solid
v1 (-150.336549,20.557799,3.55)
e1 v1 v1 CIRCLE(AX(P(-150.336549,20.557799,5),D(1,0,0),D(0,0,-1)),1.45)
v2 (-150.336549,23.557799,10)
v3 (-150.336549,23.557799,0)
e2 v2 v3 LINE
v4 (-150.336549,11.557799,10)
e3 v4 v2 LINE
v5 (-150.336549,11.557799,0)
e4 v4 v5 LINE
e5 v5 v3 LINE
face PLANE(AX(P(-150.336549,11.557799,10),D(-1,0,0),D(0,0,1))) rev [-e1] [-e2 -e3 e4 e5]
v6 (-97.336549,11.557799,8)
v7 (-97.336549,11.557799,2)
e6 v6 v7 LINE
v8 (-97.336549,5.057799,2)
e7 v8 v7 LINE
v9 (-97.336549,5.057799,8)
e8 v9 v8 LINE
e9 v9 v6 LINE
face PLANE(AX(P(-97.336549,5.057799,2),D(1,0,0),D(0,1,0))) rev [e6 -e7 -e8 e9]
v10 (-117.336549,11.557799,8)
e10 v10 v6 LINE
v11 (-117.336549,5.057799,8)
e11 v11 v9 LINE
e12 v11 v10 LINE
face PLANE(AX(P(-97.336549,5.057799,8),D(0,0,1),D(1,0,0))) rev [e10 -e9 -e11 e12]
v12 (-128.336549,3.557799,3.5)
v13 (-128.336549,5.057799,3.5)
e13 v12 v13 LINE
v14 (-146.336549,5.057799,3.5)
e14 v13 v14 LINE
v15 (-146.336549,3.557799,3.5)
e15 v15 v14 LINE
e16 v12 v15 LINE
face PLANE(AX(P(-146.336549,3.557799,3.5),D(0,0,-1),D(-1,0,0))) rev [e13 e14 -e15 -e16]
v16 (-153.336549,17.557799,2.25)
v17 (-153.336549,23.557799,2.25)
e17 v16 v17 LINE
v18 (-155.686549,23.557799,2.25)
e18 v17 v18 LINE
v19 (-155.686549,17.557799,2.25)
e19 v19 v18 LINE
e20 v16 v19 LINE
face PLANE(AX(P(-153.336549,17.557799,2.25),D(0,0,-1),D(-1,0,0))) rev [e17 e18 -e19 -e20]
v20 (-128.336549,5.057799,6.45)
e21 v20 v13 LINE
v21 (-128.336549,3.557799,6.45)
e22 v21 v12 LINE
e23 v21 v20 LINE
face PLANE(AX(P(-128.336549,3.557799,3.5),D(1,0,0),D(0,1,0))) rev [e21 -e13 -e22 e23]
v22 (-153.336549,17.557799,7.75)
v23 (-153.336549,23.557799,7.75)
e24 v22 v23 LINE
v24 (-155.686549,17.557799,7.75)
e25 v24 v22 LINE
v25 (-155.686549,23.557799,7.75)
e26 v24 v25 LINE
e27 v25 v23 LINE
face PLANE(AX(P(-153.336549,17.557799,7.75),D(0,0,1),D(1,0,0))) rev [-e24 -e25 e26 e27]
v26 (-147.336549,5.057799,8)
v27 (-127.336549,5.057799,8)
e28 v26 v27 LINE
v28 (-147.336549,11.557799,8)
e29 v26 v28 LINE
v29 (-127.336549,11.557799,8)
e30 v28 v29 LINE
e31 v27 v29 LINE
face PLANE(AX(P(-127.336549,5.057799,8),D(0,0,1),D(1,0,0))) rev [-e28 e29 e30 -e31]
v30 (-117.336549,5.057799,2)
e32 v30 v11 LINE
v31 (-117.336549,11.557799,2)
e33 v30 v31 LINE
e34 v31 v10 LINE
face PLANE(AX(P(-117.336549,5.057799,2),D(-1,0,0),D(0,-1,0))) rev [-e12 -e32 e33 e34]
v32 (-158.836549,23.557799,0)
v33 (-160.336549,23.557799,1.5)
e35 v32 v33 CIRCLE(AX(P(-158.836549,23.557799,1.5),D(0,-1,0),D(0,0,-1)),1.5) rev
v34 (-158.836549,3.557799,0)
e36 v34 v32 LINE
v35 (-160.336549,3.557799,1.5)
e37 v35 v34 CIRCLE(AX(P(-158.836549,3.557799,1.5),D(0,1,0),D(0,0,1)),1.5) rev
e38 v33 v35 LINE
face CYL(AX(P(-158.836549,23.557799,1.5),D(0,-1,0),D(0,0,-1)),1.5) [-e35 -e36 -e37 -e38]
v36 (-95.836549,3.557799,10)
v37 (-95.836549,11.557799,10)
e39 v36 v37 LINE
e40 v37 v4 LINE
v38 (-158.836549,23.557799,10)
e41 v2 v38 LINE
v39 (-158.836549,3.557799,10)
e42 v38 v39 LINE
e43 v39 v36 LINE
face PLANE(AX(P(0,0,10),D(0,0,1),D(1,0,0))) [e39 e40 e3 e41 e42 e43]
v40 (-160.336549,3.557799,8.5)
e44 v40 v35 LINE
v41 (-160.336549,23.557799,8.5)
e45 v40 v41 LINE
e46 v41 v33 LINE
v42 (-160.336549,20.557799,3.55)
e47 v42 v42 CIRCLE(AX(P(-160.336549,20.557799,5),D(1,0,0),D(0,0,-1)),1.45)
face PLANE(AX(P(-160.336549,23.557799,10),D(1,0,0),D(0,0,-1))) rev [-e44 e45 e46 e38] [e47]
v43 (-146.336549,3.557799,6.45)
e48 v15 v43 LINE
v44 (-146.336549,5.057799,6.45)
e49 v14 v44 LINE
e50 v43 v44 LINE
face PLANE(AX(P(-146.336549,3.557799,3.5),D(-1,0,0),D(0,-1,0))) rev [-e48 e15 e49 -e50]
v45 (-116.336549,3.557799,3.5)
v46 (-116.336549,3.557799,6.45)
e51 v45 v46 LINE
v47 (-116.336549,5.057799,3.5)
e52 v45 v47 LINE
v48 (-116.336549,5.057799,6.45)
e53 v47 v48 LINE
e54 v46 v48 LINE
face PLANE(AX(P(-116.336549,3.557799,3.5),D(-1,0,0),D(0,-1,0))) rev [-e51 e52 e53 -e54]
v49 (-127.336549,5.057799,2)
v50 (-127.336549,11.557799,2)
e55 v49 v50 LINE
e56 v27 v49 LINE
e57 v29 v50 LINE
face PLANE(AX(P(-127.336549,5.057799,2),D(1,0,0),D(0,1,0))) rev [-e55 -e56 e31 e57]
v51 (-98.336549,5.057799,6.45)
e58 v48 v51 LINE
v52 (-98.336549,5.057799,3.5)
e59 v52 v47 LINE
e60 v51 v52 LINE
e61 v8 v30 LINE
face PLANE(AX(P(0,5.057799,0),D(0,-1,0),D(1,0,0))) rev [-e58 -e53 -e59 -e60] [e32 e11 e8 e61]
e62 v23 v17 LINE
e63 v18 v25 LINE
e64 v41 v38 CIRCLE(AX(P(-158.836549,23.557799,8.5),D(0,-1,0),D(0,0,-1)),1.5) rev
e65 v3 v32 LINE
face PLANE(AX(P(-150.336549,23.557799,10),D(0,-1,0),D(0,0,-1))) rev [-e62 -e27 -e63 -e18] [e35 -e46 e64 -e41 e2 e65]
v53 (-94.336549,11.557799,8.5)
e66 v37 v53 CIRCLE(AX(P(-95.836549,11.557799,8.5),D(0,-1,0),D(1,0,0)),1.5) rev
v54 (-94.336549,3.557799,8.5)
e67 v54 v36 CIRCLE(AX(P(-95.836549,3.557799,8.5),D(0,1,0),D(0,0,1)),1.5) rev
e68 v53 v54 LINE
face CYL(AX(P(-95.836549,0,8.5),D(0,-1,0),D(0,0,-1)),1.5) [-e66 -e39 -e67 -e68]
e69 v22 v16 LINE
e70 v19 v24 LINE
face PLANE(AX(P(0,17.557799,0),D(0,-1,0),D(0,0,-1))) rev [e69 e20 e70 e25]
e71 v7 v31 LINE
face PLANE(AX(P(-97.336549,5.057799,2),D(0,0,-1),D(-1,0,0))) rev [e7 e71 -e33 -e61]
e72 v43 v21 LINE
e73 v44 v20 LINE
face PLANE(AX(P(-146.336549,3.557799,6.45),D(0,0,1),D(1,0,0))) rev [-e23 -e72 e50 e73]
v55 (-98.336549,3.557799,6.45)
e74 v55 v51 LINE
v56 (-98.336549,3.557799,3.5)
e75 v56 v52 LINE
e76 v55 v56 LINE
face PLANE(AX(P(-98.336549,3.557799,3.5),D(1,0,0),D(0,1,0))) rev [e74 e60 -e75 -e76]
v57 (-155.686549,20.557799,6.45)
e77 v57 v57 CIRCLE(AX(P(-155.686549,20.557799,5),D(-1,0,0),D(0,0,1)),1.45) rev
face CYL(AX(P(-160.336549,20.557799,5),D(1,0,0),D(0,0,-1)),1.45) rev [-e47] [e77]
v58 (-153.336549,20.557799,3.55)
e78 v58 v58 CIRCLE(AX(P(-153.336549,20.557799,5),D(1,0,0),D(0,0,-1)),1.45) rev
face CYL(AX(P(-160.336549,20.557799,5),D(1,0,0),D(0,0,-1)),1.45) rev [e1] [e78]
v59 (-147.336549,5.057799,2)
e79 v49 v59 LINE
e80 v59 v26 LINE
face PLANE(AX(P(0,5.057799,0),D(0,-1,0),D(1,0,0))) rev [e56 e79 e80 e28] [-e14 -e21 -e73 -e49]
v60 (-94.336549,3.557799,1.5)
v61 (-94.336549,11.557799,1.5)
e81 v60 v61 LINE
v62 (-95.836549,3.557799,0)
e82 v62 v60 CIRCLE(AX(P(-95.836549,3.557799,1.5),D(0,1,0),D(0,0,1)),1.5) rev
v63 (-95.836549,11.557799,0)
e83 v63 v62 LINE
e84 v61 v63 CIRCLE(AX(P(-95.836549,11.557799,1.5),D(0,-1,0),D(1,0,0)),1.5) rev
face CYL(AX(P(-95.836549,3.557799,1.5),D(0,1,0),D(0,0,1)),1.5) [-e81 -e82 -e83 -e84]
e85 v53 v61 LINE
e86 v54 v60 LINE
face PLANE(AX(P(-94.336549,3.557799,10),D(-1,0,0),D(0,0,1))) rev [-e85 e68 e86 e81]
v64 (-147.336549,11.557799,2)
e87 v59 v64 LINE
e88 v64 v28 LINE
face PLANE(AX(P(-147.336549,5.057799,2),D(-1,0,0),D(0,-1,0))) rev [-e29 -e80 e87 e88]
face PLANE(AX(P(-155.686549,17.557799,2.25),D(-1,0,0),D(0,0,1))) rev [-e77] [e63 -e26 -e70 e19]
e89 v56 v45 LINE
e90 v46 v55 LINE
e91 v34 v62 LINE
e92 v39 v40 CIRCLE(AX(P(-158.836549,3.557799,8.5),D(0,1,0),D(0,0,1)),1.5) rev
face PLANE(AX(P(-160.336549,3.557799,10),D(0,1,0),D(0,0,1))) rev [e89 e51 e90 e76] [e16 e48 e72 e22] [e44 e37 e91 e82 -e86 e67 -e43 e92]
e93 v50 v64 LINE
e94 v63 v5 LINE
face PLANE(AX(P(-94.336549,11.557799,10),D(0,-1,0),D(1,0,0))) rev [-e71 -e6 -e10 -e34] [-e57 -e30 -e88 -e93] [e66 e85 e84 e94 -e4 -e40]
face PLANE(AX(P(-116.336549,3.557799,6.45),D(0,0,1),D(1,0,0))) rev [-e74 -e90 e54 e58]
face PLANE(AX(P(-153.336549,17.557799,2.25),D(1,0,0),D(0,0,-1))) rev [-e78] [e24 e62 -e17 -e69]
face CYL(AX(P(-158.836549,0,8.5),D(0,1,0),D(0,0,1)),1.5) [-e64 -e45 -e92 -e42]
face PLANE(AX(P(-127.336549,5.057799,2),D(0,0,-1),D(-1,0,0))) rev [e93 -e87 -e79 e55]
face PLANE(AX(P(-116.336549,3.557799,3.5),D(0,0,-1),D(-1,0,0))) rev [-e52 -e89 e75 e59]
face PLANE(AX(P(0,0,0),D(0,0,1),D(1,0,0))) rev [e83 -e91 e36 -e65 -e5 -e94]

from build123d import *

# Parameters (mm, degrees)
SALIENTE_EXTRUIR1_DEPTH = 10
REDONDEO5_R             = 1.5
CROQUIS3_W              = 20
CROQUIS3_H              = 6
CORTAR_EXTRUIR1_DEPTH   = 6.5
CROQUIS4_W              = 18
CROQUIS4_H              = 2.95
CORTAR_EXTRUIR2_DEPTH   = 1.5
CROQUIS5_R              = 1.45
CORTAR_EXTRUIR3_DEPTH   = 10
CROQUIS6_W              = 2.35
CROQUIS6_H              = 5.5
CORTAR_EXTRUIR4_DEPTH   = 6


with BuildPart() as part:
    # Croquis2 → Saliente-Extruir1 (new body)
    with BuildSketch(Plane.XY):
        Polygon((-160.336548935, 23.55779901), (-160.336548935, 3.55779901), (-94.336548935, 3.55779901), (-94.336548935, 11.55779901), (-150.336548935, 11.55779901), (-150.336548935, 23.55779901), align=None)
    extrude(amount=SALIENTE_EXTRUIR1_DEPTH)

    # Redondeo5
    redondeo5_edges = [part.edges().sort_by_distance(p)[0] for p in [
        (-94.336548935, 7.55779901, 10),
        (-94.336548935, 7.55779901, 0),
        (-160.336548935, 13.55779901, 10),
        (-160.336548935, 13.55779901, 0),
    ]]
    fillet(redondeo5_edges, radius=REDONDEO5_R)

    # Croquis3 → Cortar-Extruir1 (cut)
    with BuildSketch(Plane(origin=(0, 11.55779901, 0), x_dir=(1, 0, 0), z_dir=(0, 1, 0))):
        with Locations((-107.336548935, -5)):
            Rectangle(CROQUIS3_W, CROQUIS3_H)
        with Locations((-137.336548935, -5)):
            Rectangle(CROQUIS3_W, CROQUIS3_H)
    extrude(amount=-CORTAR_EXTRUIR1_DEPTH, mode=Mode.SUBTRACT)

    # Croquis4 → Cortar-Extruir2 (cut)
    with BuildSketch(Plane(origin=(0, 5.05779901, 0), x_dir=(1, 0, 0), z_dir=(0, 1, 0))):
        with Locations((-107.336548935, -4.975)):
            Rectangle(CROQUIS4_W, CROQUIS4_H)
        with Locations((-137.336548935, -4.975)):
            Rectangle(CROQUIS4_W, CROQUIS4_H)
    extrude(amount=-CORTAR_EXTRUIR2_DEPTH, mode=Mode.SUBTRACT)

    # Croquis5 → Cortar-Extruir3 (cut)
    with BuildSketch(Plane(origin=(-150.336548935, 0, 0), x_dir=(0, 0, -1), z_dir=(1, 0, 0))):
        with Locations((-5, 20.55779901)):
            Circle(CROQUIS5_R)
    extrude(amount=-CORTAR_EXTRUIR3_DEPTH, mode=Mode.SUBTRACT)

    # Croquis6 → Cortar-Extruir4 (cut)
    with BuildSketch(Plane(origin=(0, 23.55779901, 0), x_dir=(1, 0, 0), z_dir=(0, 1, 0))):
        with Locations((-154.511548935, -5)):
            Rectangle(CROQUIS6_W, CROQUIS6_H)
    extrude(amount=-CORTAR_EXTRUIR4_DEPTH, mode=Mode.SUBTRACT)


solid = part.part
